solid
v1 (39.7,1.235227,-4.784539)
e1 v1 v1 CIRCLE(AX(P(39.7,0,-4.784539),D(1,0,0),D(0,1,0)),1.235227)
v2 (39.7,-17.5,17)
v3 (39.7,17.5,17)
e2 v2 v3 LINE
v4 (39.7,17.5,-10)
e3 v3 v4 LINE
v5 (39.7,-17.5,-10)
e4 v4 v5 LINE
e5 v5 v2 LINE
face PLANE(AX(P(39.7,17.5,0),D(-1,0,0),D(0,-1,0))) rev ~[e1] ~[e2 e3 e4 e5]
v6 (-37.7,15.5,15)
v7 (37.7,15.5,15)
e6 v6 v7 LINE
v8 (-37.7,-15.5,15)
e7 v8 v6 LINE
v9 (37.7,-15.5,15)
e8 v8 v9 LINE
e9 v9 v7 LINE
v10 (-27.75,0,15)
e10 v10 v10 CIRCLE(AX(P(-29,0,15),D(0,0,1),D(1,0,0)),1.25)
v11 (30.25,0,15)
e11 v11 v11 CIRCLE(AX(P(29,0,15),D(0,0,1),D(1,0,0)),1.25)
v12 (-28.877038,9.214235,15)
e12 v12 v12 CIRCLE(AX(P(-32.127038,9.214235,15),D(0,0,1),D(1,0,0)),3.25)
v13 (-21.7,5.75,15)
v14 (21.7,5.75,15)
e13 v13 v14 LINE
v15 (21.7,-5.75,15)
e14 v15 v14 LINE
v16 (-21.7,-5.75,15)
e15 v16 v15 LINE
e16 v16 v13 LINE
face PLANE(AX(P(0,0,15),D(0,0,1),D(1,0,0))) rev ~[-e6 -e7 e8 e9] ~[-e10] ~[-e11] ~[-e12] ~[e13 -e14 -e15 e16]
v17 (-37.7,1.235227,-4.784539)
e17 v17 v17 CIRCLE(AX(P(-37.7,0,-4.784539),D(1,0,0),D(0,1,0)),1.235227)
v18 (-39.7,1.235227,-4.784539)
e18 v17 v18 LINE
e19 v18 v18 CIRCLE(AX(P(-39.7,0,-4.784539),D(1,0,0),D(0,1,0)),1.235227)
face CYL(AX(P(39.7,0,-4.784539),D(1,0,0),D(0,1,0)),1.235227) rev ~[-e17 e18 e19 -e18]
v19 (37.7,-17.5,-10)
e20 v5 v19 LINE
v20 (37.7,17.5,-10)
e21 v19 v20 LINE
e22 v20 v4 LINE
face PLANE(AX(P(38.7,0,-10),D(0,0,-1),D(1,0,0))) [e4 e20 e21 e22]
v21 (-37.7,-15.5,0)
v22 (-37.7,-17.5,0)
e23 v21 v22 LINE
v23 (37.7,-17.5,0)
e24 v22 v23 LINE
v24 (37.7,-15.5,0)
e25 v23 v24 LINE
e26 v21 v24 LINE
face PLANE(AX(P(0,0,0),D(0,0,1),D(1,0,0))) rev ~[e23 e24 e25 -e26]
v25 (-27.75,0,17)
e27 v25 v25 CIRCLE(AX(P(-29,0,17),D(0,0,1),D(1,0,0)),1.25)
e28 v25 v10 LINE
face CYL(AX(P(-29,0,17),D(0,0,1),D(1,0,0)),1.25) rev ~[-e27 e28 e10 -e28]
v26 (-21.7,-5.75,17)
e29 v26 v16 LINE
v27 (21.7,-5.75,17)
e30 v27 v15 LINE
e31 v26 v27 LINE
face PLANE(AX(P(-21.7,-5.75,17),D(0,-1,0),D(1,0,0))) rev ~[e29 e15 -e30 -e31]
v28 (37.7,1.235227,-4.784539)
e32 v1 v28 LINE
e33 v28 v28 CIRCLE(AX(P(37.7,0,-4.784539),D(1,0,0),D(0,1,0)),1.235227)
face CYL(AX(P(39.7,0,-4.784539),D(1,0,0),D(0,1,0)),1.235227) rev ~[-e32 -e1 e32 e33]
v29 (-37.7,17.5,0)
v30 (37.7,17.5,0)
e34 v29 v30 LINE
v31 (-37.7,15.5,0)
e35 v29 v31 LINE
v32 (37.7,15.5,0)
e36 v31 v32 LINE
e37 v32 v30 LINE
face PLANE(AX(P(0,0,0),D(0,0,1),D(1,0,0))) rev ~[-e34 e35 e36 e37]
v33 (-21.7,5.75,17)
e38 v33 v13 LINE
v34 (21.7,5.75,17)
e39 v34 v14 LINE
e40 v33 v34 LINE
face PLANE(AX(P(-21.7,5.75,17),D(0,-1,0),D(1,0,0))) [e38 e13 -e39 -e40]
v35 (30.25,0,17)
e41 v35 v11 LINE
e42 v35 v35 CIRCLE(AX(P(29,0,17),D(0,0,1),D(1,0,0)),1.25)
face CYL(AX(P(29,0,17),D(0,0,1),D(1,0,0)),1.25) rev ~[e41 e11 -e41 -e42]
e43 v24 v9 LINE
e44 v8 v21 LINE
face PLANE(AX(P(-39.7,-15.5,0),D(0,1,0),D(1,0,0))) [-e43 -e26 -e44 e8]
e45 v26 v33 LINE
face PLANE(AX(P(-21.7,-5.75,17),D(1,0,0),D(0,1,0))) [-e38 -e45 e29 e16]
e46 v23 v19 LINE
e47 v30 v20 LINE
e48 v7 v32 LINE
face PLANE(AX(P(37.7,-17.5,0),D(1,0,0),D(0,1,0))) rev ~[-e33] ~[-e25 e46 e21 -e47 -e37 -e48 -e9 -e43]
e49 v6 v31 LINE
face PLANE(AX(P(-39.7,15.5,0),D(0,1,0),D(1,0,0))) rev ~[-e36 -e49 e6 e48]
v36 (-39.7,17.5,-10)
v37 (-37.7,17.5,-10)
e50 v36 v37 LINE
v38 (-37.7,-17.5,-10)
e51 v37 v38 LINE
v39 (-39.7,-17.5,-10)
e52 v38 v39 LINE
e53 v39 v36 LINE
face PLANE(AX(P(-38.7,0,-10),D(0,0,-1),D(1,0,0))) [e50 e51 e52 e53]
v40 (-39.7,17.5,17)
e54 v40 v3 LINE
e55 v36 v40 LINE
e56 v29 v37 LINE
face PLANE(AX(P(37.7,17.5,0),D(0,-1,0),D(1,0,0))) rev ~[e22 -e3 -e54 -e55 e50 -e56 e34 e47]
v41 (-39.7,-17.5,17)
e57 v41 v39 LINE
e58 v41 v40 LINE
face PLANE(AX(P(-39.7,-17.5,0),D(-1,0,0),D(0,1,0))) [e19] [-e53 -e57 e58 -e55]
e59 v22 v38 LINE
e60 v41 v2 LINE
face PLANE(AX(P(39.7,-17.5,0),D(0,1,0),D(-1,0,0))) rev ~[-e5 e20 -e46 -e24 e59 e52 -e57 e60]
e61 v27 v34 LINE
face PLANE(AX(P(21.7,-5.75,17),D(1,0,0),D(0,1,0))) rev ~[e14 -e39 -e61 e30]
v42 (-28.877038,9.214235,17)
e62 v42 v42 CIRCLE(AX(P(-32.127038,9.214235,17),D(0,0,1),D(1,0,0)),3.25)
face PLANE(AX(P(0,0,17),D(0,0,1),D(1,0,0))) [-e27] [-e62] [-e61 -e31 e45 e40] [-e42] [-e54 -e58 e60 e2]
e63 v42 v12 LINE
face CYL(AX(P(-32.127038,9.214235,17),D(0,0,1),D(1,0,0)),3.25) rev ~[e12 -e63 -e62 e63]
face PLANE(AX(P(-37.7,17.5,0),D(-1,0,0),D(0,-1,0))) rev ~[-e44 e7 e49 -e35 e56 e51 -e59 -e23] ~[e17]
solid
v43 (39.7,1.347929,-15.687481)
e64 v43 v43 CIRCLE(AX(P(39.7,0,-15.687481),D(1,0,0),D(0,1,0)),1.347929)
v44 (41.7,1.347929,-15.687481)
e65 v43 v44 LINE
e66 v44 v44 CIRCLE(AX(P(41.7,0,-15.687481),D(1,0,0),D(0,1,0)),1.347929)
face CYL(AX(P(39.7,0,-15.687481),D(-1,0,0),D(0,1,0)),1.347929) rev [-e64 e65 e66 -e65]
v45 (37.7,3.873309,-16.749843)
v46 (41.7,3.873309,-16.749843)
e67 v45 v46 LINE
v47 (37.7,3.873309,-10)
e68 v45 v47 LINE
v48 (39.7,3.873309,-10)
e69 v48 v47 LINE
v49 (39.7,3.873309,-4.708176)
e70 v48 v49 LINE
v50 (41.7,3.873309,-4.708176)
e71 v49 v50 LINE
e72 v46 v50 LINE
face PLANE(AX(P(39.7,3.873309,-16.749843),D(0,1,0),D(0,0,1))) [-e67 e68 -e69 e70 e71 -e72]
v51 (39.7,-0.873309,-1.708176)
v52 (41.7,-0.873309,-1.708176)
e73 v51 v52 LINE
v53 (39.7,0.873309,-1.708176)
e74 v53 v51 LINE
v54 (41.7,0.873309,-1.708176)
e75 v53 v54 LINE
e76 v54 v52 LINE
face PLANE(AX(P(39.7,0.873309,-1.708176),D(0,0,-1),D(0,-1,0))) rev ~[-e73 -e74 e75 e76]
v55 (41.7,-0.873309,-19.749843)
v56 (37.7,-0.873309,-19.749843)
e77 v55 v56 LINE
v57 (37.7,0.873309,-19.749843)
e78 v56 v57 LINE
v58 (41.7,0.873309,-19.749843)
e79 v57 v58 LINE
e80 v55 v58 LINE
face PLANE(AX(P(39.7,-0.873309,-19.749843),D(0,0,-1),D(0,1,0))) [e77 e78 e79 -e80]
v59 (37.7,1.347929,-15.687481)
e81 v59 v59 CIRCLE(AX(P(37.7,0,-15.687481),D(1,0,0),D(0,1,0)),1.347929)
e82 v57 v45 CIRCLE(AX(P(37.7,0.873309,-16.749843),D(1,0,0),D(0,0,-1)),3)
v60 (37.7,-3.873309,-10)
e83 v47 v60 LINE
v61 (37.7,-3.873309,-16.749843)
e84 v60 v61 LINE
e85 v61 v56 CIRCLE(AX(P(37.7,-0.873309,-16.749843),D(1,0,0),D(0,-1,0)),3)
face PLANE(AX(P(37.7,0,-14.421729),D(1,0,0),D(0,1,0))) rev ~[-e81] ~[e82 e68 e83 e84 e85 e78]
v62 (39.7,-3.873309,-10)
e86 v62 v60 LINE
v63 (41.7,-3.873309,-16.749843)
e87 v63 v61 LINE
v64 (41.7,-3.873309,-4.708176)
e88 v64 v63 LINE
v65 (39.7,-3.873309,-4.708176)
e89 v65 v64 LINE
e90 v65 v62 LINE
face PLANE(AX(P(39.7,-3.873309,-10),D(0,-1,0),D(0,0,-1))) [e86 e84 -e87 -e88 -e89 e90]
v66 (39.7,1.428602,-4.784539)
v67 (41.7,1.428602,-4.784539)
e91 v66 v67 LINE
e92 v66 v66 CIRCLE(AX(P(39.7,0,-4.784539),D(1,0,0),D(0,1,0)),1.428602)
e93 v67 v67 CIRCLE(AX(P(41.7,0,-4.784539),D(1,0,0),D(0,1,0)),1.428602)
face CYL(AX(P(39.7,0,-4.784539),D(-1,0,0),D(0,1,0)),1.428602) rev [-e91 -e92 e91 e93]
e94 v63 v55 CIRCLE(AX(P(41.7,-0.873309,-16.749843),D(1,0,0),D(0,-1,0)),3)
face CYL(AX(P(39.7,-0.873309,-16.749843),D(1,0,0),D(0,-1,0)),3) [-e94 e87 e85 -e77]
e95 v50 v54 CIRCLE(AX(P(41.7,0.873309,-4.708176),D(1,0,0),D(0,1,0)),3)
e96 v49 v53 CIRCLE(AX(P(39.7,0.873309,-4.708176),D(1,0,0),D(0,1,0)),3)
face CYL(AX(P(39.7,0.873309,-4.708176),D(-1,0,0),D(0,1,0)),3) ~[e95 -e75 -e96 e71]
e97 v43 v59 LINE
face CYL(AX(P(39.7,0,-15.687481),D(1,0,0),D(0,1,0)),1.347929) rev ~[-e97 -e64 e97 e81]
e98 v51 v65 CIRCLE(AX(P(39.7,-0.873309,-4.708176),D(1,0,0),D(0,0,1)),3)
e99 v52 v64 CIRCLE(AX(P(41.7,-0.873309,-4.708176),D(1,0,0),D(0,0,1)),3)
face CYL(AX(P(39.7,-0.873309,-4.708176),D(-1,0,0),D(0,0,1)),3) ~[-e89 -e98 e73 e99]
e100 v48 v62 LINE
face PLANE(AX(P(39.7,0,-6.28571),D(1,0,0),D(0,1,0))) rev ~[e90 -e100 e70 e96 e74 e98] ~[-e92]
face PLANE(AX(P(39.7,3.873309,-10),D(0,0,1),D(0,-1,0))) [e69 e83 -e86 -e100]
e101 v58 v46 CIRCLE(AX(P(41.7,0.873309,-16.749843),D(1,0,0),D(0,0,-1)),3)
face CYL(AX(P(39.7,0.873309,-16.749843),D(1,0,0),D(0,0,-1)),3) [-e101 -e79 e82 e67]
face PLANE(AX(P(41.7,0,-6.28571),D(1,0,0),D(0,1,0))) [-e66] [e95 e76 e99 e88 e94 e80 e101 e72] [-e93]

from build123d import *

# Parameters (mm, degrees)
F0_W      = 79.4
F0_H      = 35
F1_DEPTH  = 17
F2_T      = -2
F4_DEPTH  = 10
F6_R      = 1.2352269845
F7_DEPTH  = 79.401
F5_W      = 43.4
F5_H      = 11.5
F5_R      = 1.25
F8_DEPTH  = 25
F9_R      = 3.25
F10_DEPTH = 25
F11_R     = 1.4286021356
F11_R_2   = 1.3479290996
F12_DEPTH = 2
F13_DEPTH = 2


with BuildPart() as f1:
    # F0 (on Top) → F1 (new body)
    with BuildSketch(Plane.XY):
        Rectangle(F0_W, F0_H)
    extrude(amount=F1_DEPTH)

    # F2
    f2_openings = [f1.faces().sort_by_distance(p)[0] for p in [
        (0, 0, 0),
    ]]
    offset(amount=F2_T, openings=f2_openings)

    # F3 (on face) → F4 (join)
    with BuildSketch(Plane(origin=(0, 0, 0), x_dir=(1, 0, 0), z_dir=(0, 0, -1))):
        Polygon((37.7, 17.5), (37.7, 15.5), (37.7, -15.5), (37.7, -17.5), (39.7, -17.5), (39.7, 17.5), align=None)
        Polygon((-37.7, -15.5), (-37.7, 15.5), (-37.7, 17.5), (-39.7, 17.5), (-39.7, -17.5), (-37.7, -17.5), align=None)
    extrude(amount=F4_DEPTH)

    # F6 (on face) → F7 (cut, through all)
    with BuildSketch(Plane.YZ.offset(39.7)):
        with Locations((0, -4.7845388763)):
            Circle(F6_R)
    extrude(amount=-F7_DEPTH, mode=Mode.SUBTRACT)

    # F5 (on face) → F8 (cut)
    with BuildSketch(Plane.XY.offset(17)):
        Rectangle(F5_W, F5_H)
        with Locations((-29, 0)):
            Circle(F5_R)
        with Locations((29, 0)):
            Circle(F5_R)
    extrude(amount=-F8_DEPTH, mode=Mode.SUBTRACT)

    # F9 (on face) → F10 (cut)
    with BuildSketch(Plane.XY.offset(17)):
        with Locations((-32.1270376444, 9.2142354697)):
            Circle(F9_R)
    extrude(amount=-F10_DEPTH, mode=Mode.SUBTRACT)


with BuildPart() as f12:
    # F11 (on face) → F12 (new body)
    with BuildSketch(Plane.YZ.offset(39.7)):
        with BuildLine():
            Line((-3.8733091205, -10), (3.8733091205, -10))
            Line((3.8733091205, -10), (3.8733091205, -4.708175987))
            ThreePointArc((3.8733091205, -4.708175987), (2.9946294641, -2.5868556434), (0.8733091205, -1.708175987))
            Line((0.8733091205, -1.708175987), (-0.8733091205, -1.708175987))
            ThreePointArc((-0.8733091205, -1.708175987), (-2.9946294641, -2.5868556434), (-3.8733091205, -4.708175987))
            Line((-3.8733091205, -4.708175987), (-3.8733091205, -10))
        make_face()
        with Locations((0, -4.7845388763)):
            Circle(F11_R, mode=Mode.SUBTRACT)
        with BuildLine():
            Line((-0.8733091205, -19.7498425841), (0.8733091205, -19.7498425841))
            ThreePointArc((0.8733091205, -19.7498425841), (2.9946294641, -18.8711629277), (3.8733091205, -16.7498425841))
            Line((3.8733091205, -16.7498425841), (3.8733091205, -10))
            Line((3.8733091205, -10), (-3.8733091205, -10))
            Line((-3.8733091205, -10), (-3.8733091205, -16.7498425841))
            ThreePointArc((-3.8733091205, -16.7498425841), (-2.9946294641, -18.8711629277), (-0.8733091205, -19.7498425841))
        make_face()
        with Locations((0, -15.6874805689)):
            Circle(F11_R_2, mode=Mode.SUBTRACT)
    extrude(amount=F12_DEPTH)

    # F11 (on face) → F13 (join)
    with BuildSketch(Plane.YZ.offset(39.7)):
        with BuildLine():
            Line((-0.8733091205, -19.7498425841), (0.8733091205, -19.7498425841))
            ThreePointArc((0.8733091205, -19.7498425841), (2.9946294641, -18.8711629277), (3.8733091205, -16.7498425841))
            Line((3.8733091205, -16.7498425841), (3.8733091205, -10))
            Line((3.8733091205, -10), (-3.8733091205, -10))
            Line((-3.8733091205, -10), (-3.8733091205, -16.7498425841))
            ThreePointArc((-3.8733091205, -16.7498425841), (-2.9946294641, -18.8711629277), (-0.8733091205, -19.7498425841))
        make_face()
        with Locations((0, -15.6874805689)):
            Circle(F11_R_2, mode=Mode.SUBTRACT)
    extrude(amount=-F13_DEPTH)


solid = Compound([f1.part, f12.part])
